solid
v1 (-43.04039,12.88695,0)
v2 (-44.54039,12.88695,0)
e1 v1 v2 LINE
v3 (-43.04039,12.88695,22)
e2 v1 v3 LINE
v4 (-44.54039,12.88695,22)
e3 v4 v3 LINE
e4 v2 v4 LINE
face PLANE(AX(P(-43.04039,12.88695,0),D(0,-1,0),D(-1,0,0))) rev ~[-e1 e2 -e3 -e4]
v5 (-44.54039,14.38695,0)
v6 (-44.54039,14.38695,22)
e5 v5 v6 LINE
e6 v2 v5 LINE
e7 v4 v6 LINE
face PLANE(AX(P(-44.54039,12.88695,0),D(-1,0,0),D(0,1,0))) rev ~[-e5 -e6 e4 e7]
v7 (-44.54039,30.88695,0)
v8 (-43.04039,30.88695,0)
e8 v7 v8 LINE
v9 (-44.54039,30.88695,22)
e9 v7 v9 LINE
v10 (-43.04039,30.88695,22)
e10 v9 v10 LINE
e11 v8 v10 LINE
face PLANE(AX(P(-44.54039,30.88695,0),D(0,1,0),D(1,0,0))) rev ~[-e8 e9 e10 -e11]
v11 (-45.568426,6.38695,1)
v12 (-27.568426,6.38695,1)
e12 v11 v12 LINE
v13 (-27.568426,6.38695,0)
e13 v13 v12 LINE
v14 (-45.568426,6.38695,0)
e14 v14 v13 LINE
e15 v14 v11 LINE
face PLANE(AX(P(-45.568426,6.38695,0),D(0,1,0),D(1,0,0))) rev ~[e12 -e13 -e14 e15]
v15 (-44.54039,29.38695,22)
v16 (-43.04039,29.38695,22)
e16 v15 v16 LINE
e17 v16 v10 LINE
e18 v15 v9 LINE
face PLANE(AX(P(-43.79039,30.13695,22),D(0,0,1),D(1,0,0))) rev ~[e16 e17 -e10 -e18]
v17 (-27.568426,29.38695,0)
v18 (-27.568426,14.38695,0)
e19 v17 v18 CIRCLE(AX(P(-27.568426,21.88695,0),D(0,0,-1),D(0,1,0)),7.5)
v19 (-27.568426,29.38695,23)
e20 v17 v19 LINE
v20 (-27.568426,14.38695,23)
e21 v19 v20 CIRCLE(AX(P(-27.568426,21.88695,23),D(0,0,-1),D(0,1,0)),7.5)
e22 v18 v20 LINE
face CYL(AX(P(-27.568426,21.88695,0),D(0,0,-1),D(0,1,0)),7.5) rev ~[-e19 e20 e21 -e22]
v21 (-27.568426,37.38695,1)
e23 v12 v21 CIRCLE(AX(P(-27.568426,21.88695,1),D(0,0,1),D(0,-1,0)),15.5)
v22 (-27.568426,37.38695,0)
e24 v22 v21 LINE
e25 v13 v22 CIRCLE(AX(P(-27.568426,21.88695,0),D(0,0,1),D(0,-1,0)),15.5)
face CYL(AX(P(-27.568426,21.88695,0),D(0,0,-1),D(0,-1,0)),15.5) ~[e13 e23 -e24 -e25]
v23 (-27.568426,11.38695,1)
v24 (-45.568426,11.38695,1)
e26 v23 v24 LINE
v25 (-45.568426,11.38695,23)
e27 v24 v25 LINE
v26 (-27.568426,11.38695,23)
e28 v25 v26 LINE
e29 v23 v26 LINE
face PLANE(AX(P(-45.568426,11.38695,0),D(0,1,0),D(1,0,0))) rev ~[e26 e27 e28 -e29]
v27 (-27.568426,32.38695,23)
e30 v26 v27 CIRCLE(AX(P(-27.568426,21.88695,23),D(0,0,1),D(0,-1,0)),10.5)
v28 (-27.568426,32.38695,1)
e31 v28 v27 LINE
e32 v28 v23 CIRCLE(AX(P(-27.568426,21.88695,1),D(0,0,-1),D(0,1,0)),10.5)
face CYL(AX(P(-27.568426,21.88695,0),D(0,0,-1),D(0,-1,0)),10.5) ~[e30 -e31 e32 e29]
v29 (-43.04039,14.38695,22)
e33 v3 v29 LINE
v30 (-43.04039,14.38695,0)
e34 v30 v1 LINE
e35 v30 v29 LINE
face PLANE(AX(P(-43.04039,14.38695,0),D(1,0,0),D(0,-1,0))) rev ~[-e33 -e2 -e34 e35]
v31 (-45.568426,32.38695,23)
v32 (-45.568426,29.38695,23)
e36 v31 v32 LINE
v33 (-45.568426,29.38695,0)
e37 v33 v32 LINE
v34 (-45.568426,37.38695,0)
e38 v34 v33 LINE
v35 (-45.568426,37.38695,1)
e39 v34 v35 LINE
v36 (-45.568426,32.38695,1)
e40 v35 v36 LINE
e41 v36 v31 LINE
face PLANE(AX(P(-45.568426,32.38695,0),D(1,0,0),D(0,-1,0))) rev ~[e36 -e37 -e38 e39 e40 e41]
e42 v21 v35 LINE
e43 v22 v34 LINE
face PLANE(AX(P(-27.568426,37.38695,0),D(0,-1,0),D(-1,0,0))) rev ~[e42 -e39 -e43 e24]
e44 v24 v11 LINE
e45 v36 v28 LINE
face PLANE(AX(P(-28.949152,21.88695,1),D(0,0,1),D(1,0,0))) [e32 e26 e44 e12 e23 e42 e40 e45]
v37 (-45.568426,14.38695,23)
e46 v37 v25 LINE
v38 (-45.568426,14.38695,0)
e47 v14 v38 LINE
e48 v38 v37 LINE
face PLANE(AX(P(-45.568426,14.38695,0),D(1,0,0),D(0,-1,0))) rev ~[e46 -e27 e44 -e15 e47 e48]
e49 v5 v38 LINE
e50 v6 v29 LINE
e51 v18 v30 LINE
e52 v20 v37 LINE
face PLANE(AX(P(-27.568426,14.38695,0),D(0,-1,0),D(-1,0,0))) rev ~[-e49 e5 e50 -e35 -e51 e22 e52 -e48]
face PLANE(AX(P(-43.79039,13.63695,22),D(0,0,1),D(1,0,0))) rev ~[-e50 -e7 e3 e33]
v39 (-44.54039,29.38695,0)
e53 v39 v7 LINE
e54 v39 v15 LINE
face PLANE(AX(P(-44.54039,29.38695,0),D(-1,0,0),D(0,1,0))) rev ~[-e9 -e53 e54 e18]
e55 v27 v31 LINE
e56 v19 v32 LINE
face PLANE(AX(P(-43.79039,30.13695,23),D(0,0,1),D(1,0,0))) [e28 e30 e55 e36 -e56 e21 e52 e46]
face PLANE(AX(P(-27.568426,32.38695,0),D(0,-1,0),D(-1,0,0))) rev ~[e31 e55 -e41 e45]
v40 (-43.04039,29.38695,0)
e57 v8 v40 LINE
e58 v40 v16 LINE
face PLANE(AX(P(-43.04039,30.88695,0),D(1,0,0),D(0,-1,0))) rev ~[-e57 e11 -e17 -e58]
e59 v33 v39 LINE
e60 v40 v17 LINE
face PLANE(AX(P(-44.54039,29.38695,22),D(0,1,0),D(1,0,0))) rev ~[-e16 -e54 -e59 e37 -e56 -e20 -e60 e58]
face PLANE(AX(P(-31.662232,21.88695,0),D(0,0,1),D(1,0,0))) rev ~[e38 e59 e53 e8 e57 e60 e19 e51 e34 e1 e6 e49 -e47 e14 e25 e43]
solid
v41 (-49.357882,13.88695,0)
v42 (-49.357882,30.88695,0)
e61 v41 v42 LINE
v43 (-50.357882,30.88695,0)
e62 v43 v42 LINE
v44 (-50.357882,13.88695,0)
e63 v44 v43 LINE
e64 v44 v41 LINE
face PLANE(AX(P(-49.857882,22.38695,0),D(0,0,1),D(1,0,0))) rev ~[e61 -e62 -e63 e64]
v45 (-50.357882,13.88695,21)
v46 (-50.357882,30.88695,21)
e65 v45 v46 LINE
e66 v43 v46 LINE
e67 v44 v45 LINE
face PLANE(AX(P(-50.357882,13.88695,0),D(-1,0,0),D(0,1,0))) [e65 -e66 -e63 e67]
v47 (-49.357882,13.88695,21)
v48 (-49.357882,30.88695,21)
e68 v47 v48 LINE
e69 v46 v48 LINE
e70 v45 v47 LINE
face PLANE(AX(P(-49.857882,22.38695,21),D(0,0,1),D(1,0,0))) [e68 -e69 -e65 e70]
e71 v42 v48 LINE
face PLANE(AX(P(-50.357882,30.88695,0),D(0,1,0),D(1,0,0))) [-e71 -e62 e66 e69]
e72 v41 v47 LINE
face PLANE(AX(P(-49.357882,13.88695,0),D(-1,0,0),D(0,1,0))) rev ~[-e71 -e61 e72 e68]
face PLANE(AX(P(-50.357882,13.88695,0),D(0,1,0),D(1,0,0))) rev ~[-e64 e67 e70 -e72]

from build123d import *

# Parameters (mm, degrees)
F1_DEPTH = 1
F2_DEPTH = 23
F3_START = 22
F0_W     = 1.5
F0_H     = 1.5
F3_DEPTH = 1
F0_W_2   = 1
F0_H_2   = 17
F4_DEPTH = 21


with BuildPart() as f1:
    # F0 (on Top) → F1 (new body)
    with BuildSketch(Plane.XY):
        with BuildLine():
            Line((-45.5684255958, 37.3869501054), (-45.5684255958, 32.3869501054))
            Line((-45.5684255958, 32.3869501054), (-27.5684255958, 32.3869501054))
            ThreePointArc((-27.5684255958, 32.3869501054), (-17.0684255958, 21.8869501054), (-27.5684255958, 11.3869501054))
            Line((-27.5684255958, 11.3869501054), (-45.5684255958, 11.3869501054))
            Line((-45.5684255958, 11.3869501054), (-45.5684255958, 6.3869501054))
            Line((-45.5684255958, 6.3869501054), (-27.5684255958, 6.3869501054))
            ThreePointArc((-27.5684255958, 6.3869501054), (-12.0684255958, 21.8869501054), (-27.5684255958, 37.3869501054))
            Line((-27.5684255958, 37.3869501054), (-45.5684255958, 37.3869501054))
        make_face()
    extrude(amount=F1_DEPTH)

    # F0 (on Top) → F2 (join)
    with BuildSketch(Plane.XY):
        with BuildLine():
            Line((-45.5684255958, 32.3869501054), (-45.5684255958, 29.3869501054))
            Line((-45.5684255958, 29.3869501054), (-44.5403903723, 29.3869501054))
            Line((-44.5403903723, 29.3869501054), (-44.5403903723, 30.8869501054))
            Line((-44.5403903723, 30.8869501054), (-43.0403903723, 30.8869501054))
            Line((-43.0403903723, 30.8869501054), (-43.0403903723, 29.3869501054))
            Line((-43.0403903723, 29.3869501054), (-27.5684255958, 29.3869501054))
            ThreePointArc((-27.5684255958, 29.3869501054), (-20.0684255958, 21.8869501054), (-27.5684255958, 14.3869501054))
            Line((-27.5684255958, 14.3869501054), (-43.0403903723, 14.3869501054))
            Line((-43.0403903723, 14.3869501054), (-43.0403903723, 12.8869501054))
            Line((-43.0403903723, 12.8869501054), (-44.5403903723, 12.8869501054))
            Line((-44.5403903723, 12.8869501054), (-44.5403903723, 14.3869501054))
            Line((-44.5403903723, 14.3869501054), (-45.5684255958, 14.3869501054))
            Line((-45.5684255958, 14.3869501054), (-45.5684255958, 11.3869501054))
            Line((-45.5684255958, 11.3869501054), (-27.5684255958, 11.3869501054))
            ThreePointArc((-27.5684255958, 11.3869501054), (-17.0684255958, 21.8869501054), (-27.5684255958, 32.3869501054))
            Line((-27.5684255958, 32.3869501054), (-45.5684255958, 32.3869501054))
        make_face()
    extrude(amount=F2_DEPTH)

    # F0 (on Top) → F3 (join)
    with BuildSketch(Plane.XY.offset(F3_START)):
        with Locations((-43.7903903723, 30.1369501054)):
            Rectangle(F0_W, F0_H)
        with Locations((-43.7903903723, 13.6369501054)):
            Rectangle(F0_W, F0_H)
    extrude(amount=F3_DEPTH)


with BuildPart() as f4:
    # F0 (on Top) → F4 (new body)
    with BuildSketch(Plane.XY):
        with Locations((-49.8578819335, 22.3869501054)):
            Rectangle(F0_W_2, F0_H_2)
    extrude(amount=F4_DEPTH)


solid = Compound([f1.part, f4.part])
